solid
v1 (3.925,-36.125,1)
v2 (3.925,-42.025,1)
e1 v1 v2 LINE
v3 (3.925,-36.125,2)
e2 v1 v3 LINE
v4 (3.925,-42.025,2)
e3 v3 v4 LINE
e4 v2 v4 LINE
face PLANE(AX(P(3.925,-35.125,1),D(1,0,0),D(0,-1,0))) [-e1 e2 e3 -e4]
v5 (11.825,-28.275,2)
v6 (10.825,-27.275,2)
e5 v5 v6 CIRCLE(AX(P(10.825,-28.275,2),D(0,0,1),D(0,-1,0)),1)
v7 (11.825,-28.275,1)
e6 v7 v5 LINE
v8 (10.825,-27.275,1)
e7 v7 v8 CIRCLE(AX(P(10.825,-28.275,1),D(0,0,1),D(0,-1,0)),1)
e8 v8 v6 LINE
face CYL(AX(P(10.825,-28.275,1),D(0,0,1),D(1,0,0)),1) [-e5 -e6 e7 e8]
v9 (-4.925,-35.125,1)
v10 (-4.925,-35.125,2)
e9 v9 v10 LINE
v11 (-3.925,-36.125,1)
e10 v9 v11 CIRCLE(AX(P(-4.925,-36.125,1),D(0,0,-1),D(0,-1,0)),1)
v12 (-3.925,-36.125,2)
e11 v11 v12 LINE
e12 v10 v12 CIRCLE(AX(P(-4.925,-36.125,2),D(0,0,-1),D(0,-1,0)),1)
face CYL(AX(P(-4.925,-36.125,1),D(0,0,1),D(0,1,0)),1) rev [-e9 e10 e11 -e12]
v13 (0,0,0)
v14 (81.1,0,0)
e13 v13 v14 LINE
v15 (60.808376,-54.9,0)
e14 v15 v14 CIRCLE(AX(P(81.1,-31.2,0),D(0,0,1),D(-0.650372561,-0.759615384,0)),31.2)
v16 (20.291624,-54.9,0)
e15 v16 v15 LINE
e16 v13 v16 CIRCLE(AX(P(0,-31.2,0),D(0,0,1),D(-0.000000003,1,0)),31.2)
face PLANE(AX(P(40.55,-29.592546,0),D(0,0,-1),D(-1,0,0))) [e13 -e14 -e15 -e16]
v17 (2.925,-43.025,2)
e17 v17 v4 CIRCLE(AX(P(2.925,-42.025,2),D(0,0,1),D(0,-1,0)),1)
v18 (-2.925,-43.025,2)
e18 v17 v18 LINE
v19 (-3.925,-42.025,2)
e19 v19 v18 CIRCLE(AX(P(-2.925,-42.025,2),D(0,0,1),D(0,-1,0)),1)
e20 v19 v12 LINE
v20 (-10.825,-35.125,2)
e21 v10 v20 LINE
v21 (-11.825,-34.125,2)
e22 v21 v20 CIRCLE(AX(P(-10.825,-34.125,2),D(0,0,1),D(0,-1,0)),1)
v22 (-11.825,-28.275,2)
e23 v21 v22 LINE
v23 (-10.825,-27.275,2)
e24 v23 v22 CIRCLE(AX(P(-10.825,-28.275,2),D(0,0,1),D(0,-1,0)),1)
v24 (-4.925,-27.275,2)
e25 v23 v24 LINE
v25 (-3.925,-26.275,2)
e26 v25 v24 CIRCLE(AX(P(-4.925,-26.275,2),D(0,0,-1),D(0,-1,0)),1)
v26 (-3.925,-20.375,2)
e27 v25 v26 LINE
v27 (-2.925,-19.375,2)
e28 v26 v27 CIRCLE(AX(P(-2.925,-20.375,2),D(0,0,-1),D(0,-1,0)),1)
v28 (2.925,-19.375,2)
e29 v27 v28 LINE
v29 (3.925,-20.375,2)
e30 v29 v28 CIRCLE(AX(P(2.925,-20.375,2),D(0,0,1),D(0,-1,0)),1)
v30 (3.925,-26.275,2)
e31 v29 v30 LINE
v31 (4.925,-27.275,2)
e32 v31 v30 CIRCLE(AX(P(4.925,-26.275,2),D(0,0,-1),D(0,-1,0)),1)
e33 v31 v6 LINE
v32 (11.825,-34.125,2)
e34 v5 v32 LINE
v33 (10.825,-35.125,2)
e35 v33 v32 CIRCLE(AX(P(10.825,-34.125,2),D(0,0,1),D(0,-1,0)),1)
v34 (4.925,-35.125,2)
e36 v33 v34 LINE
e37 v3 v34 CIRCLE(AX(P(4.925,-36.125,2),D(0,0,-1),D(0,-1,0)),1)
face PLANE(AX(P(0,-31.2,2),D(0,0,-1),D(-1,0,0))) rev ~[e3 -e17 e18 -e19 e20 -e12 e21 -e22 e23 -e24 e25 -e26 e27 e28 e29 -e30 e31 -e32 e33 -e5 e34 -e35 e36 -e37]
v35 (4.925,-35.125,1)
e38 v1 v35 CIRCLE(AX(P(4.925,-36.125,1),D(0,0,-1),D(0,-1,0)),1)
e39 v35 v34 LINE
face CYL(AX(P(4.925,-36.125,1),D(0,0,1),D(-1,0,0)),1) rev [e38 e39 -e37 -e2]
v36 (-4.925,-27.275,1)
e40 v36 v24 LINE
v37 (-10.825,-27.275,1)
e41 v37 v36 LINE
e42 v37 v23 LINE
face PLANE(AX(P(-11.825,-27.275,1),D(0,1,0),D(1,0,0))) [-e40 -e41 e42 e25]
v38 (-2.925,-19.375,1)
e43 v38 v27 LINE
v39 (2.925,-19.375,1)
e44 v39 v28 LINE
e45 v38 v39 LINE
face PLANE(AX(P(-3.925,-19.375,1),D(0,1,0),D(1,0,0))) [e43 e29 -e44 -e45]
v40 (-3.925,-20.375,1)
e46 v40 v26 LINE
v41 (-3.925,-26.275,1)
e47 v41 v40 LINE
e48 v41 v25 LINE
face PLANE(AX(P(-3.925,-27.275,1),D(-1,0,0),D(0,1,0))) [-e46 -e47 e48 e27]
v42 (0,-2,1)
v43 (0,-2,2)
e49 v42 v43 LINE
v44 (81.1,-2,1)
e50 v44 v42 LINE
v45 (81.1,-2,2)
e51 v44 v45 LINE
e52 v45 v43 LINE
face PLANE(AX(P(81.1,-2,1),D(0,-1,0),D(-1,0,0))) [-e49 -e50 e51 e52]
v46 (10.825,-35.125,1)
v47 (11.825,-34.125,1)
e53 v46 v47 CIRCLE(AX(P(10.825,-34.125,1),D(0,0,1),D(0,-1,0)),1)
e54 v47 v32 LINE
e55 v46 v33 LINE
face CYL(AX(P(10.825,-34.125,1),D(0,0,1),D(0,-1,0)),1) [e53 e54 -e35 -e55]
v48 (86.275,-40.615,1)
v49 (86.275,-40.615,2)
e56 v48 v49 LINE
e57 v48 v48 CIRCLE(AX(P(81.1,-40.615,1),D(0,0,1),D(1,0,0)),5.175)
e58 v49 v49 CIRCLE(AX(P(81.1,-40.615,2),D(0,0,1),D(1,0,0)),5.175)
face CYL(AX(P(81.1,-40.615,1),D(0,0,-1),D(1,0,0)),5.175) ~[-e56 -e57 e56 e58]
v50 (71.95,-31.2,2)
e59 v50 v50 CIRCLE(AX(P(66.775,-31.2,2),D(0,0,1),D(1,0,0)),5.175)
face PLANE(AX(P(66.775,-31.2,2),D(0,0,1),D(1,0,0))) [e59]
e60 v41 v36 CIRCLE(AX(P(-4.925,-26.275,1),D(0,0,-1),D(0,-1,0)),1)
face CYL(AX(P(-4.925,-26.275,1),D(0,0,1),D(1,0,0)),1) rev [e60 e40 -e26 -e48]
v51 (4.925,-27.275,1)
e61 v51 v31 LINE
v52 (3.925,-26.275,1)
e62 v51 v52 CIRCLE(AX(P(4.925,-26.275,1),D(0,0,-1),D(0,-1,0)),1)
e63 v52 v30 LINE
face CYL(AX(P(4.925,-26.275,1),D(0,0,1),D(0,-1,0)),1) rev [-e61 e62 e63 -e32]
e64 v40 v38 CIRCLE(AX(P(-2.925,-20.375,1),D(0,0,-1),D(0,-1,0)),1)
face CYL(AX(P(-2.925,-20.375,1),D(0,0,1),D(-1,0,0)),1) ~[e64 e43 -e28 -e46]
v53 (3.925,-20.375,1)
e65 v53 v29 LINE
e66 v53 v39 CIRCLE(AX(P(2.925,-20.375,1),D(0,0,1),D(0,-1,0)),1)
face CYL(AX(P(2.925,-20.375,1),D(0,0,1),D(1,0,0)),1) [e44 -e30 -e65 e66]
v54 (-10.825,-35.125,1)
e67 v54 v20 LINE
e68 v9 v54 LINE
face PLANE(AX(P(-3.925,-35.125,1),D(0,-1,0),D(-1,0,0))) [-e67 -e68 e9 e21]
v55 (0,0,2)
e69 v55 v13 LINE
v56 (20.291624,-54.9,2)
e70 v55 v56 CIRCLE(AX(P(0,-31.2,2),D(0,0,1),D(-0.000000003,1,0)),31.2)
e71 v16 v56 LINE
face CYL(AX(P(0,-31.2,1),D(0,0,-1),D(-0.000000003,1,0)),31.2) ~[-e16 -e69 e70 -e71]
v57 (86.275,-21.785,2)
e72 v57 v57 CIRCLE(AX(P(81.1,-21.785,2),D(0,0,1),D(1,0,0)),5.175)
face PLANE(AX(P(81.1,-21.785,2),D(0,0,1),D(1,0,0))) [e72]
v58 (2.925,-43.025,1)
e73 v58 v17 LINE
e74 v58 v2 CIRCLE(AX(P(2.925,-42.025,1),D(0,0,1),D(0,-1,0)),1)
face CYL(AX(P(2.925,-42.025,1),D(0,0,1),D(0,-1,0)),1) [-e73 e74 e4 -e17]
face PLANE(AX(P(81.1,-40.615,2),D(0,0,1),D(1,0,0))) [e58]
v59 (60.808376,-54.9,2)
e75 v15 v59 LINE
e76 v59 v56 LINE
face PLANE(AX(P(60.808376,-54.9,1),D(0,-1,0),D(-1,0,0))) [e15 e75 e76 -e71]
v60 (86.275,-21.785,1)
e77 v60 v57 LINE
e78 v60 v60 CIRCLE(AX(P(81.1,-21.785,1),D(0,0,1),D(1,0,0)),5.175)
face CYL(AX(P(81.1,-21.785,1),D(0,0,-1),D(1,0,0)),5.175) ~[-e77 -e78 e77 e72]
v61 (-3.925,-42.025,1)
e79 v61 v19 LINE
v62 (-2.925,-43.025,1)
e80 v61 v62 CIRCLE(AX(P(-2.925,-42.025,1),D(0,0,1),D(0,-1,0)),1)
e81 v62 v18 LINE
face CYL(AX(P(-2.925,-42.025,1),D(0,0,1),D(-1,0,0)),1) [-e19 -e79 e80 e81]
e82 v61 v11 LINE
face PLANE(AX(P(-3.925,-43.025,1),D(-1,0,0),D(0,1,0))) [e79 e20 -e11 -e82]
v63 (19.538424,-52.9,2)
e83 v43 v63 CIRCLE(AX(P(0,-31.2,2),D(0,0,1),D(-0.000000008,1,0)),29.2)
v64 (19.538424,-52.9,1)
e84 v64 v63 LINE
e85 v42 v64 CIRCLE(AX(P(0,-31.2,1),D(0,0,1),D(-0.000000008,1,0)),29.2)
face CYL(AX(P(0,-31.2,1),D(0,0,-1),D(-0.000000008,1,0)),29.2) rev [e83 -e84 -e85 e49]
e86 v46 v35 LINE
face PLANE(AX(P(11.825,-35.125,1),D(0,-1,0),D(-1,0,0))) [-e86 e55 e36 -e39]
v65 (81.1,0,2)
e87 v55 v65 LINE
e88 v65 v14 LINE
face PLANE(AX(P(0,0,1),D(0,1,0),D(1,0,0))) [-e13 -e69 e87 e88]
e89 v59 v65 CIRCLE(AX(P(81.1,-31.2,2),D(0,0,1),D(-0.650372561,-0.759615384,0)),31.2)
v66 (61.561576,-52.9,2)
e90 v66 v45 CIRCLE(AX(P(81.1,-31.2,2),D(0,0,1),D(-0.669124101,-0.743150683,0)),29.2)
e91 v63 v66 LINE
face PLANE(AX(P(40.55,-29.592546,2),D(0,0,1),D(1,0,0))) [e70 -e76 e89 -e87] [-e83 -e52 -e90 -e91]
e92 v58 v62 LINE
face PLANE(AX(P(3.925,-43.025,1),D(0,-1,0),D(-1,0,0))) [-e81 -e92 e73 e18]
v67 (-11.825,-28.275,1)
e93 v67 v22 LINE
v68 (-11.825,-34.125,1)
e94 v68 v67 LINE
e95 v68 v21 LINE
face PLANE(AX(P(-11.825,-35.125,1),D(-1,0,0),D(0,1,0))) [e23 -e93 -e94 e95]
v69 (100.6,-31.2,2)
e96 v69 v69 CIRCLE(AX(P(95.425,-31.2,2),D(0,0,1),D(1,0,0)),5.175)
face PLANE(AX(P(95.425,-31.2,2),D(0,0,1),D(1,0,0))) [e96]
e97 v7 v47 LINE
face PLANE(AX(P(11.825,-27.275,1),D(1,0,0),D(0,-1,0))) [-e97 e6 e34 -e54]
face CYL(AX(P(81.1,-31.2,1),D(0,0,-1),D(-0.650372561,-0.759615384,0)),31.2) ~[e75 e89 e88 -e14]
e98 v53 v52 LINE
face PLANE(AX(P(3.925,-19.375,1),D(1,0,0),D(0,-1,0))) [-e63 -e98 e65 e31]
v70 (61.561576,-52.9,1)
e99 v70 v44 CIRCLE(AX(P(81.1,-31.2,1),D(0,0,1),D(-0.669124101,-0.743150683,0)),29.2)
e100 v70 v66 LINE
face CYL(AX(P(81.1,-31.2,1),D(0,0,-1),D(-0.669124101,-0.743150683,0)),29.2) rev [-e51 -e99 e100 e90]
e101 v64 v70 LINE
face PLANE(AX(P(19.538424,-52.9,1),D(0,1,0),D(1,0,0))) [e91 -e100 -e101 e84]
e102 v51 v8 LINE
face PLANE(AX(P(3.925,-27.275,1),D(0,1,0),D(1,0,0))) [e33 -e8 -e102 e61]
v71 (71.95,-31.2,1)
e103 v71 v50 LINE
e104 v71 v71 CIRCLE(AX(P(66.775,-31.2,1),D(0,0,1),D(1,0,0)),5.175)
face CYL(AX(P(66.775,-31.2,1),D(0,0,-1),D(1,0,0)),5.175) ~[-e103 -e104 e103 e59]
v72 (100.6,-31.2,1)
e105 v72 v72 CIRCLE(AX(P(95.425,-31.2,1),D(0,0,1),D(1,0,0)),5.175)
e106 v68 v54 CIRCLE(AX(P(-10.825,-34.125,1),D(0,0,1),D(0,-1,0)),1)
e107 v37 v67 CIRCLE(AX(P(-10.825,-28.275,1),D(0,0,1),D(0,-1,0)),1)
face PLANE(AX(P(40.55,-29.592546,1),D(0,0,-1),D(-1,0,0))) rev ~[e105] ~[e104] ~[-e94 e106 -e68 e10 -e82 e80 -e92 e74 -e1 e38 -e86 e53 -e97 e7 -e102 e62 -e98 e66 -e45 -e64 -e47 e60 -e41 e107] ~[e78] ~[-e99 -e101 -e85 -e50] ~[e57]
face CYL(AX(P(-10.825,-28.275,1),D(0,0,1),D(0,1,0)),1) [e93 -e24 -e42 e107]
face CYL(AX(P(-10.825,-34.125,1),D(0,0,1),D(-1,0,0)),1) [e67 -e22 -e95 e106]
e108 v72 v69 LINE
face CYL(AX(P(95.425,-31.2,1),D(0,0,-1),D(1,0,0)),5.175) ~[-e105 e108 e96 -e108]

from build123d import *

# Parameters (mm, degrees)
PAD_DEPTH    = 1
SKETCH001_R  = 5.175
PAD001_DEPTH = 1
FILLET_R     = 1


with BuildPart() as part:
    # Sketch → Pad (new body)
    with BuildSketch(Plane.XY):
        with BuildLine():
            Line((0, 0), (81.1, 0))
            ThreePointArc((60.808376, -54.9), (110.364996, -42.016654), (81.1, 0))
            Line((20.291624, -54.9), (60.808376, -54.9))
            ThreePointArc((0, 0), (-29.264996, -42.016654), (20.291624, -54.9))
        make_face()
    extrude(amount=PAD_DEPTH)

    # Sketch001 (on Face6 of Pad) → Pad001 (join)
    with BuildSketch(Plane.XY.offset(1)):
        with BuildLine():
            ThreePointArc((0, 0), (-29.264996, -42.016654), (20.291624, -54.9))
            Line((60.808376, -54.9), (20.291624, -54.9))
            ThreePointArc((60.808376, -54.9), (110.364996, -42.016654), (81.1, 0))
            Line((0, 0), (81.1, 0))
        make_face()
        with BuildLine():
            ThreePointArc((0, -2), (-27.260594, -41.664225), (19.538424, -52.9))
            Line((19.538424, -52.9), (61.561576, -52.9))
            ThreePointArc((61.561576, -52.9), (108.360594, -41.664225), (81.1, -2))
            Line((81.1, -2), (0, -2))
        make_face(mode=Mode.SUBTRACT)
        with Locations((81.1, -21.785)):
            Circle(SKETCH001_R)
        with Locations((95.425, -31.2)):
            Circle(SKETCH001_R)
        with Locations((81.1, -40.615)):
            Circle(SKETCH001_R)
        with Locations((66.775, -31.2)):
            Circle(SKETCH001_R)
        Polygon((-3.925, -19.375), (3.925, -19.375), (3.925, -27.275), (11.825, -27.275), (11.825, -35.125), (3.925, -35.125), (3.925, -43.025), (-3.925, -43.025), (-3.925, -35.125), (-11.825, -35.125), (-11.825, -27.275), (-3.925, -27.275), align=None)
    extrude(amount=PAD001_DEPTH)

    # Fillet
    fillet_edges = [part.edges().sort_by_distance(p)[0] for p in [
        (3.925, -35.125, 1.5),
        (3.925, -43.025, 1.5),
        (11.825, -35.125, 1.5),
        (11.825, -27.275, 1.5),
        (3.925, -19.375, 1.5),
        (-3.925, -43.025, 1.5),
        (-3.925, -35.125, 1.5),
        (-11.825, -35.125, 1.5),
        (-11.825, -27.275, 1.5),
        (-3.925, -27.275, 1.5),
        (-3.925, -19.375, 1.5),
        (3.925, -27.275, 1.5),
    ]]
    fillet(fillet_edges, radius=FILLET_R)


solid = part.part
